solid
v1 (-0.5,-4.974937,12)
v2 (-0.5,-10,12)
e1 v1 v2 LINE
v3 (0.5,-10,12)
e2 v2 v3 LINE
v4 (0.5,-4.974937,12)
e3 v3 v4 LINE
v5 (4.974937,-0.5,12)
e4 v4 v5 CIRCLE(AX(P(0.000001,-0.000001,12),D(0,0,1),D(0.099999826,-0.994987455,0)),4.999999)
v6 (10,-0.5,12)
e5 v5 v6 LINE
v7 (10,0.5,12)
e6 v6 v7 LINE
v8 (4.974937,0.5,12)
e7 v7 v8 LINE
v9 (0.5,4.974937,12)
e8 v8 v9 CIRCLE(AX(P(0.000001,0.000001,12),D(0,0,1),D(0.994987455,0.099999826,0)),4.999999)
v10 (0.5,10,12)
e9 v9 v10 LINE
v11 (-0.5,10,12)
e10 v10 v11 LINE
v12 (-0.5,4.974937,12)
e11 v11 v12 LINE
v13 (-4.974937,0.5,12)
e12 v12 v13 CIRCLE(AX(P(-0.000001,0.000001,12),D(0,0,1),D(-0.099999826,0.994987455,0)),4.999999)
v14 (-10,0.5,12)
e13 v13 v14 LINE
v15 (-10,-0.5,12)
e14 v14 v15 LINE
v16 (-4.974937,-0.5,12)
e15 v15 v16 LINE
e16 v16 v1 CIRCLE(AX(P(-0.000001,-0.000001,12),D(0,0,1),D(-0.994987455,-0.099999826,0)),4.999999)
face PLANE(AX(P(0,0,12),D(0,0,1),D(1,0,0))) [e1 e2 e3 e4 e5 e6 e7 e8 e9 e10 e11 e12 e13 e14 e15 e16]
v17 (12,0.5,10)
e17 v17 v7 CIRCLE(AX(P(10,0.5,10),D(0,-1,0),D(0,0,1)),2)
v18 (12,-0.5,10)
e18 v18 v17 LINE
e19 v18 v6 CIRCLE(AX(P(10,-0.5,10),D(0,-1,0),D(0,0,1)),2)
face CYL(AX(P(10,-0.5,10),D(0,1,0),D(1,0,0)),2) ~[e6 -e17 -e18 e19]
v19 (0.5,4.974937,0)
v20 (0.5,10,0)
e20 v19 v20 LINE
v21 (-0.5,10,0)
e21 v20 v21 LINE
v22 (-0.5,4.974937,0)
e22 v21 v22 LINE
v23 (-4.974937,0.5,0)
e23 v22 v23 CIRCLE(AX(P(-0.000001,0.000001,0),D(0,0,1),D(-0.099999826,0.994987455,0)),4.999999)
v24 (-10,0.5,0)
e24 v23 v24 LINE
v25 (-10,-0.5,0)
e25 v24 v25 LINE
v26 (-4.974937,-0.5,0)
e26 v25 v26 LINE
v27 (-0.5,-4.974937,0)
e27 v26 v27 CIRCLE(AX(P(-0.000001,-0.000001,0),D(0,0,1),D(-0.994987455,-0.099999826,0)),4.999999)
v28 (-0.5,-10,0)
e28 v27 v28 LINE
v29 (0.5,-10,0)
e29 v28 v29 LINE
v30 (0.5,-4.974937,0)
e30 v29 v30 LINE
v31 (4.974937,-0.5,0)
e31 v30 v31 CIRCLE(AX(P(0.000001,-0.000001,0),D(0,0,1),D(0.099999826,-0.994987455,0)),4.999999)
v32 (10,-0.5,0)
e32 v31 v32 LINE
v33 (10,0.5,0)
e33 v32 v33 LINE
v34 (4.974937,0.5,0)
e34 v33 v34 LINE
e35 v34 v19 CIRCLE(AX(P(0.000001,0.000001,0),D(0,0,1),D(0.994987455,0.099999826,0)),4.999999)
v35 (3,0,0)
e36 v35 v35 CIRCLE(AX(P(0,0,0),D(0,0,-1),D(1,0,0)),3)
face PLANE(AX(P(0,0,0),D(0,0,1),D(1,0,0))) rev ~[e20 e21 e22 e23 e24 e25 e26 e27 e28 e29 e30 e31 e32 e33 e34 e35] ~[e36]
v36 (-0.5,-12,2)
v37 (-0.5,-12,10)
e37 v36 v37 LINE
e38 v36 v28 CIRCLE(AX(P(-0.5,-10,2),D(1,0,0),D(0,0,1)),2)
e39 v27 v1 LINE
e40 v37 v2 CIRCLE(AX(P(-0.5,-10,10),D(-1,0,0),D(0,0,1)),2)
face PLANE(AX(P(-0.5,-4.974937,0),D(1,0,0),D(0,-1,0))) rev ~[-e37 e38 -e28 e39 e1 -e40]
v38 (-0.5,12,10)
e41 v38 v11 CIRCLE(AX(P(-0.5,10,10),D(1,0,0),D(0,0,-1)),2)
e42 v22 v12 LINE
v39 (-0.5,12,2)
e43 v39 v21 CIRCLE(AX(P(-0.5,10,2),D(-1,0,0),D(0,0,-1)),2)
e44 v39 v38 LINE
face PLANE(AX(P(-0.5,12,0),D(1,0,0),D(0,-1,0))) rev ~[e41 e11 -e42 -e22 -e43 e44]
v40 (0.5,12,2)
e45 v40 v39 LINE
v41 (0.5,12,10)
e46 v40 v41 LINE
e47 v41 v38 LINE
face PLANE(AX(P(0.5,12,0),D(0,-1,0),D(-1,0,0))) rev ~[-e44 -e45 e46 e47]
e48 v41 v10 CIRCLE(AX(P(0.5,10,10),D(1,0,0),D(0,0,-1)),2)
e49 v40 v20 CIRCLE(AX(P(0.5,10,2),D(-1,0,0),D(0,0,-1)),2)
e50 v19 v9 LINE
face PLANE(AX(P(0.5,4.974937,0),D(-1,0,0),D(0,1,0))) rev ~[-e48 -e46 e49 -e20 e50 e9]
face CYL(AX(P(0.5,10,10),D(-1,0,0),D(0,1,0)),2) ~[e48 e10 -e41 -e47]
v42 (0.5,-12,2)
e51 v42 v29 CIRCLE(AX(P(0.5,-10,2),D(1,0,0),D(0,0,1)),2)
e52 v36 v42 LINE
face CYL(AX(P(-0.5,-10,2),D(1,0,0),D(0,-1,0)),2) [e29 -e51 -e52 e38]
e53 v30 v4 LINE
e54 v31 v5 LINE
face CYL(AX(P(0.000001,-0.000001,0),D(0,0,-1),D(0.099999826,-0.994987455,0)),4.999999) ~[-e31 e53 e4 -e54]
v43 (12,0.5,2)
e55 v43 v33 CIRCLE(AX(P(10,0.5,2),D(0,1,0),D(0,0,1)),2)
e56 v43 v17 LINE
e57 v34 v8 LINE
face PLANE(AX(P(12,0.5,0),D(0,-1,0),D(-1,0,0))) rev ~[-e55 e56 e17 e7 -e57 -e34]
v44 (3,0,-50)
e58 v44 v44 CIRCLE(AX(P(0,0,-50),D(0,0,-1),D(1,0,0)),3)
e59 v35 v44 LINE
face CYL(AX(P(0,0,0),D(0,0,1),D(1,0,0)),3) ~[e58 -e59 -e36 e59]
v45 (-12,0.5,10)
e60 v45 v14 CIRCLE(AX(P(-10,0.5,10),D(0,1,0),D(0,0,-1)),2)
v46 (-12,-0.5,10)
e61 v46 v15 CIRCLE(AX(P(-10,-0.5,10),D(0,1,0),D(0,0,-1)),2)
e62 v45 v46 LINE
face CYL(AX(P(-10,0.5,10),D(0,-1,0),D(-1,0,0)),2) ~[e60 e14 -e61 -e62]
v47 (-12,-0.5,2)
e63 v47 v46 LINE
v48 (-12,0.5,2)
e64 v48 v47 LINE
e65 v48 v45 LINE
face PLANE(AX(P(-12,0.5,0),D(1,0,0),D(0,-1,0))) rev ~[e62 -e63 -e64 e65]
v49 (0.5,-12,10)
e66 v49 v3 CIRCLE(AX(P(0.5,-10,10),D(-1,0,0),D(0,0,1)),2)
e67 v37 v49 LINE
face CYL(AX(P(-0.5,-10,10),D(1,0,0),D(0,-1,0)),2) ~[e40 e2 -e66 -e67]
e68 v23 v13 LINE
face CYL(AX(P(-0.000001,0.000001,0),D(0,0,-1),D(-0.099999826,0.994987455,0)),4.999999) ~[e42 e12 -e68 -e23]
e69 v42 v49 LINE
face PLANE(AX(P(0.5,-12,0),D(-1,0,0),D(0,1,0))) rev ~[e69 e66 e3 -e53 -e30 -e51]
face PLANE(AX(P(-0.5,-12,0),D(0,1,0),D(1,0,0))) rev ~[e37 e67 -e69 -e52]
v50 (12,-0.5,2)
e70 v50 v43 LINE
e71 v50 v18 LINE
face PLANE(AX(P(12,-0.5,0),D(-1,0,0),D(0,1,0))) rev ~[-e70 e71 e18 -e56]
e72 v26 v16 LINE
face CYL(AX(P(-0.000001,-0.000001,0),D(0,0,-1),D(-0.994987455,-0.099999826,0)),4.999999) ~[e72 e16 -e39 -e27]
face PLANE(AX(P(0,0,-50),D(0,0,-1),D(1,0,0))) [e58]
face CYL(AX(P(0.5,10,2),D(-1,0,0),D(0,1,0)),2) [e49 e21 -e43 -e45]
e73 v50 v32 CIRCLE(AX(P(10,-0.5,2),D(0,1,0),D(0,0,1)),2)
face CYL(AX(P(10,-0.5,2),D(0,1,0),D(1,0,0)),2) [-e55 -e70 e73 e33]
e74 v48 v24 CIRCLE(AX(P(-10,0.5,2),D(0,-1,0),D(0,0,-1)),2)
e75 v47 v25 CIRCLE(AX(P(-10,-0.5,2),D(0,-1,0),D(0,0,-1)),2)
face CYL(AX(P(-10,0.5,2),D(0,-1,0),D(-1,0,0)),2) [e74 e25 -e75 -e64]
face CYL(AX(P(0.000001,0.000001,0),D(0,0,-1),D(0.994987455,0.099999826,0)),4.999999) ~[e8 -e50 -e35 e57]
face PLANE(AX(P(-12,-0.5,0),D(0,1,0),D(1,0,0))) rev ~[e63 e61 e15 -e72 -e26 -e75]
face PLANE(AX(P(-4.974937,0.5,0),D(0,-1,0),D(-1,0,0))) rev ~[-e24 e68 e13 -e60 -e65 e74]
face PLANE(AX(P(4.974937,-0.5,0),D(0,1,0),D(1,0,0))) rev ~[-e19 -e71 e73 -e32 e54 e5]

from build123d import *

# Parameters (mm, degrees)
F1_DEPTH = 12
F2_R     = 2
F3_R     = 3
F4_DEPTH = 50


with BuildPart() as f1:
    # F0 (on Top) → F1 (new body)
    with BuildSketch(Plane.XY):
        with BuildLine():
            Line((-0.5, 12), (-0.5, 4.974937))
            ThreePointArc((-0.5, 4.974937), (-3.535534, 3.535534), (-4.974937, 0.5))
            Line((-4.974937, 0.5), (-12, 0.5))
            Line((-12, 0.5), (-12, -0.5))
            Line((-12, -0.5), (-4.974937, -0.5))
            ThreePointArc((-4.974937, -0.5), (-3.535534, -3.535534), (-0.5, -4.974937))
            Line((-0.5, -4.974937), (-0.5, -12))
            Line((-0.5, -12), (0.5, -12))
            Line((0.5, -12), (0.5, -4.974937))
            ThreePointArc((0.5, -4.974937), (3.535534, -3.535534), (4.974937, -0.5))
            Line((4.974937, -0.5), (12, -0.5))
            Line((12, -0.5), (12, 0.5))
            Line((12, 0.5), (4.974937, 0.5))
            ThreePointArc((4.974937, 0.5), (3.535534, 3.535534), (0.5, 4.974937))
            Line((0.5, 4.974937), (0.5, 12))
            Line((0.5, 12), (-0.5, 12))
        make_face()
    extrude(amount=F1_DEPTH)

    # F2
    f2_edges = [f1.edges().sort_by_distance(p)[0] for p in [
        (-12, 0, 12),
        (-12, 0, 0),
        (0, 12, 12),
        (12, 0, 12),
        (0, -12, 12),
        (0, 12, 0),
        (12, 0, 0),
        (0, -12, 0),
    ]]
    fillet(f2_edges, radius=F2_R)

    # F3 (on face) → F4 (join)
    with BuildSketch(Plane(origin=(0, 0, 0), x_dir=(1, 0, 0), z_dir=(0, 0, -1))):
        Circle(F3_R)
    extrude(amount=F4_DEPTH)


solid = f1.part
